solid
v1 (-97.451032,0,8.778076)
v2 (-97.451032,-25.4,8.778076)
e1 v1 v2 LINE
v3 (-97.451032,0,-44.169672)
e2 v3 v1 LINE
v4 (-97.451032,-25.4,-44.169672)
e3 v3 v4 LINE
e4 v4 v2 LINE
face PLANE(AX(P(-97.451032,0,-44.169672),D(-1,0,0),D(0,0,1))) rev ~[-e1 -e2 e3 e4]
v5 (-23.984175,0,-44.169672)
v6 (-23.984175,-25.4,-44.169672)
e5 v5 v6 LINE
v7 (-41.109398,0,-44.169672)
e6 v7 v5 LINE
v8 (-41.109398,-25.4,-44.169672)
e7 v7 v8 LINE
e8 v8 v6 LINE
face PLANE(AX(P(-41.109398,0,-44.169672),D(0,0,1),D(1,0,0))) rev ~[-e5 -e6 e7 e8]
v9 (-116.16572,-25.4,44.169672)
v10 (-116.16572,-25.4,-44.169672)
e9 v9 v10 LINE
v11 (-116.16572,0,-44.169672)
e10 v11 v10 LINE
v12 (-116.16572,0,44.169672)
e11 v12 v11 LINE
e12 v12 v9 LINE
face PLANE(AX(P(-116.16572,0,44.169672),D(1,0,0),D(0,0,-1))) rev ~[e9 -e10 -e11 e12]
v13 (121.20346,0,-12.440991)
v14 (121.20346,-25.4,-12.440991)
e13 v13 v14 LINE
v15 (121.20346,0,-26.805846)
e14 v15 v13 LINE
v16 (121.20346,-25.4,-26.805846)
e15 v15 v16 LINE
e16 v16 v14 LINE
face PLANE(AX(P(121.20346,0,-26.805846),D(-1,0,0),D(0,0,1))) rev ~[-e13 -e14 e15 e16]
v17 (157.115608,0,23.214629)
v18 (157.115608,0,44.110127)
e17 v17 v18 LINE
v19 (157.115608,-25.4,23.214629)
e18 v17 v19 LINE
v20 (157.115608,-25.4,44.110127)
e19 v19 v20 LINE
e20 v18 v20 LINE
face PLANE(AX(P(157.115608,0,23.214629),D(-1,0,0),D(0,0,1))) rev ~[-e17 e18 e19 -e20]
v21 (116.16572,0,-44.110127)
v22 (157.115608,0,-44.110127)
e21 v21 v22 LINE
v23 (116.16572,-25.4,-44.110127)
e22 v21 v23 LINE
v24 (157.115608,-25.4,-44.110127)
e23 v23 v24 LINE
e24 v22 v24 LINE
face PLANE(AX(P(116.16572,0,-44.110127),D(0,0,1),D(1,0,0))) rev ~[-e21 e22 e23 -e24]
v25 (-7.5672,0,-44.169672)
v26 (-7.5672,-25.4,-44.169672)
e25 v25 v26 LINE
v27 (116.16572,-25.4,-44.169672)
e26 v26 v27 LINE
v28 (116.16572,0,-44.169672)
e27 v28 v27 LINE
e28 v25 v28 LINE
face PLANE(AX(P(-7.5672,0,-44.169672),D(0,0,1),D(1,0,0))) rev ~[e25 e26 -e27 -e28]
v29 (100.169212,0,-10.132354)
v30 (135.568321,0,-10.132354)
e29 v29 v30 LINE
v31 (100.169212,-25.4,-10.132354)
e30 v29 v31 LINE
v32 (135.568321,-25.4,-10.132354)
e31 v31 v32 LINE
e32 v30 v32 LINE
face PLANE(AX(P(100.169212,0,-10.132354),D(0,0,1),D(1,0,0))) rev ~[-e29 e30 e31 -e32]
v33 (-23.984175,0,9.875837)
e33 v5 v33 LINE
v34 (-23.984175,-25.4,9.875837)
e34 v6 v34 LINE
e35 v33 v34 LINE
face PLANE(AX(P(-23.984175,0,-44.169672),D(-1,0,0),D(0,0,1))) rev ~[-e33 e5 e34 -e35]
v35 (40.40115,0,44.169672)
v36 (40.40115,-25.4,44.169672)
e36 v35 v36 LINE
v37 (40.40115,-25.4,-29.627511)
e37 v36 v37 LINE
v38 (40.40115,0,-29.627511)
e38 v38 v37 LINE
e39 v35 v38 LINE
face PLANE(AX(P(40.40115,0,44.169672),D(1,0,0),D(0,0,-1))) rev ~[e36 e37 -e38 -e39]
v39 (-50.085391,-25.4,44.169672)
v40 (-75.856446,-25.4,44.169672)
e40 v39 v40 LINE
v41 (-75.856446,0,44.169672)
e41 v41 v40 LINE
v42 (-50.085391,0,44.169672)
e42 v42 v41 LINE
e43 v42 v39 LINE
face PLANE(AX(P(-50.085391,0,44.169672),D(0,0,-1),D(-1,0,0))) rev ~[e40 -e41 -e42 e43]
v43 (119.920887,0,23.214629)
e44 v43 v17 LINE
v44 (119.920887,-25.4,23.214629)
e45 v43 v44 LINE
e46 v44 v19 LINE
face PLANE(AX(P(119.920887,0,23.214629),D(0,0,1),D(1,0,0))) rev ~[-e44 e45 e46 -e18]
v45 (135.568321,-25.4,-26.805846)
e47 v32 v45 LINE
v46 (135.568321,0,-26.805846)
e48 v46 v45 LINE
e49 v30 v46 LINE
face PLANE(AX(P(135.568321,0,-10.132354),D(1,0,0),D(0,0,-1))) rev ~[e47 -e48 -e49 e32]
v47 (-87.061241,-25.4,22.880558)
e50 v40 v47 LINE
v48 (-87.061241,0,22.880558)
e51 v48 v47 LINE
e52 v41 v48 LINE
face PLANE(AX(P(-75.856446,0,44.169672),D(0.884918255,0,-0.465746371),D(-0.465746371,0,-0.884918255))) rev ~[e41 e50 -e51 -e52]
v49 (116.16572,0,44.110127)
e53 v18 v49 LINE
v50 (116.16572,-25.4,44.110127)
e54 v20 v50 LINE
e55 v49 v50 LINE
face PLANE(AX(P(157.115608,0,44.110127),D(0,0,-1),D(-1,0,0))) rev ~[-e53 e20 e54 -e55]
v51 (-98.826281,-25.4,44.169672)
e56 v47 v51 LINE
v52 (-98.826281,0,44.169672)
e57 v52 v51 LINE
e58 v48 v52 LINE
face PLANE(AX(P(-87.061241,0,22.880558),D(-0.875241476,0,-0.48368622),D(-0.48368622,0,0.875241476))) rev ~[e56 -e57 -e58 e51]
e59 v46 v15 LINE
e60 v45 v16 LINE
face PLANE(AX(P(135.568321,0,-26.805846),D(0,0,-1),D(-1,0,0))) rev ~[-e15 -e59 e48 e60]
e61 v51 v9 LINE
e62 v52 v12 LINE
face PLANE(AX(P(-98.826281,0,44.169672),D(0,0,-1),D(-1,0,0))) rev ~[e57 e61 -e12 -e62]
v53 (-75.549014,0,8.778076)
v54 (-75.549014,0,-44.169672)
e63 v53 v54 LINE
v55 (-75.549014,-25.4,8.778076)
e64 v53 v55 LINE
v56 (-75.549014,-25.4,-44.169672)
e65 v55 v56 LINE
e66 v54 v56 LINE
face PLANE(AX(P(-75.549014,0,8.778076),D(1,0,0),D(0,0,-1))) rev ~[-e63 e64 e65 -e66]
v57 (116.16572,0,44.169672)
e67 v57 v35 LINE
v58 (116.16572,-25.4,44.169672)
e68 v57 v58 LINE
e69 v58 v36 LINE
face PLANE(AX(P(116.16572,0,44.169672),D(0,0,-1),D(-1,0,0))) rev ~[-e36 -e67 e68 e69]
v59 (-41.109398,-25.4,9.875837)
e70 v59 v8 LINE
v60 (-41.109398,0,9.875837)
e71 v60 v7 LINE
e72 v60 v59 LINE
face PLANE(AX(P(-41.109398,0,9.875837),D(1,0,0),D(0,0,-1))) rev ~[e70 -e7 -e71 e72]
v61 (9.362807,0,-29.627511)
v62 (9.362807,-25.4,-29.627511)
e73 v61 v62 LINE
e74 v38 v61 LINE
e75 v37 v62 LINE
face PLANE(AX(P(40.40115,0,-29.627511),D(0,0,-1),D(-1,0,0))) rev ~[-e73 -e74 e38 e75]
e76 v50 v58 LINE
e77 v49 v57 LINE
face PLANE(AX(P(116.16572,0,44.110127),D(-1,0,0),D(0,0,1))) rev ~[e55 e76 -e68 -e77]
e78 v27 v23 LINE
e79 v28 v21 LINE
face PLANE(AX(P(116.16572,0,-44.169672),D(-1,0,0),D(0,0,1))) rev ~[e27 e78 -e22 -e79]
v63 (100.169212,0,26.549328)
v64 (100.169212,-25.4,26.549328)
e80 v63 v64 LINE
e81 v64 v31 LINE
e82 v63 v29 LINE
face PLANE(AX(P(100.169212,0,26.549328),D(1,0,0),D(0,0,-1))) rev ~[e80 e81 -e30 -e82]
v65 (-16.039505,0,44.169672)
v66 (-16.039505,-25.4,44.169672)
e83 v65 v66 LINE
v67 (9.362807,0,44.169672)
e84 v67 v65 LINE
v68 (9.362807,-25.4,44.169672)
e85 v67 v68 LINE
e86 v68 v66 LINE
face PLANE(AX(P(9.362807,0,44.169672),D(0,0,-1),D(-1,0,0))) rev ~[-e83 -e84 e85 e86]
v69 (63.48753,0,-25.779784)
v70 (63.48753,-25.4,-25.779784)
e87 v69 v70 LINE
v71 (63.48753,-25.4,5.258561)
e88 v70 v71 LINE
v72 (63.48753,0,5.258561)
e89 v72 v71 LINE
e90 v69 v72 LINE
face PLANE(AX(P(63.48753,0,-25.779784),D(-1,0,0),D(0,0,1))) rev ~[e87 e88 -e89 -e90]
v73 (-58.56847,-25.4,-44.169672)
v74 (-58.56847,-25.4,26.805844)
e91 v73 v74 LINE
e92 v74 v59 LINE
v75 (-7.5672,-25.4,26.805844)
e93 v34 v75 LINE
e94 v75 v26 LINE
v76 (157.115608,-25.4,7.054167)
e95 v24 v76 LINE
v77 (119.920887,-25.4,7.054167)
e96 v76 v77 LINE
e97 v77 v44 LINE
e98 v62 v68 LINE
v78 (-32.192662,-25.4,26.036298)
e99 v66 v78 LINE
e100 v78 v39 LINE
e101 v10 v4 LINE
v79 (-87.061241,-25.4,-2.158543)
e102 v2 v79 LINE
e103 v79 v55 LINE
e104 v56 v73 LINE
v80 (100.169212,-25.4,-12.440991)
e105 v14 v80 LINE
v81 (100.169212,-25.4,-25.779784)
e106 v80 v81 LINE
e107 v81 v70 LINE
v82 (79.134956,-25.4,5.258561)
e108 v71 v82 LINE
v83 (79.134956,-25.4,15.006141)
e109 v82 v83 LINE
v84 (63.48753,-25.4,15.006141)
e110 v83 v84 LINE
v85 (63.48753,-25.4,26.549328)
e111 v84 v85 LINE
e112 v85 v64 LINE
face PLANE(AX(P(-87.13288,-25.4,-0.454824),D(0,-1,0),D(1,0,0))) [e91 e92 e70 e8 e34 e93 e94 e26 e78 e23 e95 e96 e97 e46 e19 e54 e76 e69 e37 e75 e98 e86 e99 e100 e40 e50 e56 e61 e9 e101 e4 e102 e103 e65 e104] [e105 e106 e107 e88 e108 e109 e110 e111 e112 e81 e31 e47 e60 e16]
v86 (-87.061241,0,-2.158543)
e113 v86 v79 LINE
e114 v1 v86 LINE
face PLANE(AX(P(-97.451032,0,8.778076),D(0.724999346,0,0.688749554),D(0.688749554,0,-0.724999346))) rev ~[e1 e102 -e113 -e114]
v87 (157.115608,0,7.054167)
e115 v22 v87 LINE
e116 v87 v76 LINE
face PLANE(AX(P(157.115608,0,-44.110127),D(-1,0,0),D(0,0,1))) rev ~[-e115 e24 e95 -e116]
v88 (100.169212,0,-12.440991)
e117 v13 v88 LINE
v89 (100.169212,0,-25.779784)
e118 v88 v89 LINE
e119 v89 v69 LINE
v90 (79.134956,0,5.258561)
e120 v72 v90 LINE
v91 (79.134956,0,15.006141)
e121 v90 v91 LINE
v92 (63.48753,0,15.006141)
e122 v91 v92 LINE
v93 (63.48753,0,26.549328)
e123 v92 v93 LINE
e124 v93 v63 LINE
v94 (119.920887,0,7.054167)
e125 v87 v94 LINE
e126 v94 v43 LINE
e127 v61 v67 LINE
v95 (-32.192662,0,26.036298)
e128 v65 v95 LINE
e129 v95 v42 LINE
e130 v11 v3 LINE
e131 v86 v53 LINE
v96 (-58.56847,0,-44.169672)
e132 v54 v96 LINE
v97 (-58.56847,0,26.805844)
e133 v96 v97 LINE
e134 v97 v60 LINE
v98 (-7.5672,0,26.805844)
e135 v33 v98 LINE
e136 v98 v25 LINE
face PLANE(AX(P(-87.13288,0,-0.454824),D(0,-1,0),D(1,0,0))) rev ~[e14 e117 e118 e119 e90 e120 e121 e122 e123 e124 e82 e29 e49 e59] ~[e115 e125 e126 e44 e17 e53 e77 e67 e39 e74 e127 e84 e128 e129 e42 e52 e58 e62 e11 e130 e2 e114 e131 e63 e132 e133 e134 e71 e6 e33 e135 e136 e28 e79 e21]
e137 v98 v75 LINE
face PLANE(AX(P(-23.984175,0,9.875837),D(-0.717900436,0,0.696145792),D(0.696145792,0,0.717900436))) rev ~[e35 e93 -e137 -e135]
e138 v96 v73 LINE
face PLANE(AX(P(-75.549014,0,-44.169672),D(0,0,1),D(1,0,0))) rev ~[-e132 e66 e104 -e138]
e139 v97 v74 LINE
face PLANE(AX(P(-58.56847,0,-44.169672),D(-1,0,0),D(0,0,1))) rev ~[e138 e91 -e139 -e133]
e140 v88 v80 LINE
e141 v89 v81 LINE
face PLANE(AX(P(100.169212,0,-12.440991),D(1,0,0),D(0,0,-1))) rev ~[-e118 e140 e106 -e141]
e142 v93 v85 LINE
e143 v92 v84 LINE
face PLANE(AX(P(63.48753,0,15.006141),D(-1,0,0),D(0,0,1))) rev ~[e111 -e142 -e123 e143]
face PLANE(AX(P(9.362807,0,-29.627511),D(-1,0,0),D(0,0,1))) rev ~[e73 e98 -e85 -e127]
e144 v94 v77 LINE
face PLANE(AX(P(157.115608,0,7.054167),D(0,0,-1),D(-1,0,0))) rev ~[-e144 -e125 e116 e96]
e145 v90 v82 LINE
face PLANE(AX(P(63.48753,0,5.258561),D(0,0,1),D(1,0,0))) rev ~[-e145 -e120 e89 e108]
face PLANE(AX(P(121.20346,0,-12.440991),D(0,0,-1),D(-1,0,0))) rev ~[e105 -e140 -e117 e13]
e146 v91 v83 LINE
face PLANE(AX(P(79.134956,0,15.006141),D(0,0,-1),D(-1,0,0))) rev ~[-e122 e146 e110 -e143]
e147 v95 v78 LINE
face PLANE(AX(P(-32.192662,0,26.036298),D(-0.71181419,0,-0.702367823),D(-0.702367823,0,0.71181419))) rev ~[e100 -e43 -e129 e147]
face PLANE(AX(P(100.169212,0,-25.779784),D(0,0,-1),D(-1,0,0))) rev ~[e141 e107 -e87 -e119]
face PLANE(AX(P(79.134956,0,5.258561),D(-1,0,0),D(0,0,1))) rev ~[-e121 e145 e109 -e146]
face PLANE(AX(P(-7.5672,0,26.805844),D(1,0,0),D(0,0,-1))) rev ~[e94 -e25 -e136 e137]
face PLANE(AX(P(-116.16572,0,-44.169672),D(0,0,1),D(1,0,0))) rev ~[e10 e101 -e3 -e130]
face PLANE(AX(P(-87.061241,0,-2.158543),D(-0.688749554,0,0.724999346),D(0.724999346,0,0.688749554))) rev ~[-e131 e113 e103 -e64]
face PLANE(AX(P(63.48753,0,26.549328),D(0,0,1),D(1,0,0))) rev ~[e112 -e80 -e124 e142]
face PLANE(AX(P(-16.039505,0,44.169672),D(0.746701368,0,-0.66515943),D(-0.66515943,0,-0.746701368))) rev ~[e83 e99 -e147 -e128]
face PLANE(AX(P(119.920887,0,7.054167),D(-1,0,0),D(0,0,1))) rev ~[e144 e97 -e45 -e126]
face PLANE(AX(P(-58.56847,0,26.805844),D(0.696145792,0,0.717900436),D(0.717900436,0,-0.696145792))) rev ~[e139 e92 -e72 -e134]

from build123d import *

# Parameters (mm, degrees)
F1_DEPTH = 25.4


with BuildPart() as f1:
    # F0 (on Front) → F1 (new body)
    with BuildSketch(Plane.XZ):
        Polygon((-58.56847018, 26.8058441579), (-58.56847018, 44.1696718335), (-75.8564463832, 44.1696718335), (-87.0612412691, 22.8805579245), (-98.826281338, 44.1696718335), (-116.1657199264, 44.1696718335), (-116.1657199264, -44.1696718335), (-97.4510317668, -44.1696718335), (-97.4510317668, 8.7780756876), (-87.0612412691, -2.158543095), (-75.5490139127, 8.7780756876), (-75.5490139127, -44.1696718335), (-58.56847018, -44.1696718335), align=None)
        Polygon((-7.5672003441, 26.8058441579), (-7.5672003441, 44.1696718335), (-16.0395050349, 44.1696718335), (-32.1926623583, 26.0362979025), (-50.0853913032, 44.1696718335), (-58.56847018, 44.1696718335), (-58.56847018, 26.8058441579), (-41.1093979278, 9.8758367822), (-41.1093979278, -44.1696718335), (-23.9841751754, -44.1696718335), (-23.9841751754, 9.8758367822), align=None)
        Polygon((9.3628074974, -29.6275112778), (9.3628074974, 44.1696718335), (-7.5672003441, 44.1696718335), (-7.5672003441, 26.8058441579), (-7.5672003441, -44.1696718335), (40.4011495411, -44.1696718335), (40.4011495411, -29.6275112778), align=None)
        Polygon((116.1657199264, 44.110127064), (116.1657199264, 44.1696718335), (40.4011495411, 44.1696718335), (40.4011495411, -29.6275112778), (40.4011495411, -44.1696718335), (116.1657199264, -44.1696718335), (116.1657199264, -44.110127064), (100.1692116261, -44.110127064), (100.1692116261, -25.7797837257), (63.4875297546, -25.7797837257), (63.4875297546, 5.258561112), (79.1349560022, 5.258561112), (79.1349560022, 15.0061408058), (63.4875297546, 15.0061408058), (63.4875297546, 26.5493281186), (100.1692116261, 26.5493281186), (100.1692116261, 44.110127064), align=None)
        Polygon((157.1156084538, 44.110127064), (116.1657199264, 44.110127064), (116.1657199264, -10.1323537529), (135.5683207512, -10.1323537529), (135.5683207512, -26.8058460206), (121.2034597993, -26.8058460206), (121.2034597993, -12.4409906566), (116.1657199264, -12.4409906566), (116.1657199264, -44.110127064), (157.1156084538, -44.110127064), (157.1156084538, 7.054167334), (119.920887053, 7.054167334), (119.920887053, 23.21462892), (157.1156084538, 23.21462892), align=None)
        Polygon((116.1657199264, -10.1323537529), (116.1657199264, 44.110127064), (100.1692116261, 44.110127064), (100.1692116261, 26.5493281186), (100.1692116261, -10.1323537529), align=None)
        Polygon((116.1657199264, -44.110127064), (116.1657199264, -12.4409906566), (100.1692116261, -12.4409906566), (100.1692116261, -25.7797837257), (100.1692116261, -44.110127064), align=None)
    extrude(amount=F1_DEPTH)


solid = f1.part
